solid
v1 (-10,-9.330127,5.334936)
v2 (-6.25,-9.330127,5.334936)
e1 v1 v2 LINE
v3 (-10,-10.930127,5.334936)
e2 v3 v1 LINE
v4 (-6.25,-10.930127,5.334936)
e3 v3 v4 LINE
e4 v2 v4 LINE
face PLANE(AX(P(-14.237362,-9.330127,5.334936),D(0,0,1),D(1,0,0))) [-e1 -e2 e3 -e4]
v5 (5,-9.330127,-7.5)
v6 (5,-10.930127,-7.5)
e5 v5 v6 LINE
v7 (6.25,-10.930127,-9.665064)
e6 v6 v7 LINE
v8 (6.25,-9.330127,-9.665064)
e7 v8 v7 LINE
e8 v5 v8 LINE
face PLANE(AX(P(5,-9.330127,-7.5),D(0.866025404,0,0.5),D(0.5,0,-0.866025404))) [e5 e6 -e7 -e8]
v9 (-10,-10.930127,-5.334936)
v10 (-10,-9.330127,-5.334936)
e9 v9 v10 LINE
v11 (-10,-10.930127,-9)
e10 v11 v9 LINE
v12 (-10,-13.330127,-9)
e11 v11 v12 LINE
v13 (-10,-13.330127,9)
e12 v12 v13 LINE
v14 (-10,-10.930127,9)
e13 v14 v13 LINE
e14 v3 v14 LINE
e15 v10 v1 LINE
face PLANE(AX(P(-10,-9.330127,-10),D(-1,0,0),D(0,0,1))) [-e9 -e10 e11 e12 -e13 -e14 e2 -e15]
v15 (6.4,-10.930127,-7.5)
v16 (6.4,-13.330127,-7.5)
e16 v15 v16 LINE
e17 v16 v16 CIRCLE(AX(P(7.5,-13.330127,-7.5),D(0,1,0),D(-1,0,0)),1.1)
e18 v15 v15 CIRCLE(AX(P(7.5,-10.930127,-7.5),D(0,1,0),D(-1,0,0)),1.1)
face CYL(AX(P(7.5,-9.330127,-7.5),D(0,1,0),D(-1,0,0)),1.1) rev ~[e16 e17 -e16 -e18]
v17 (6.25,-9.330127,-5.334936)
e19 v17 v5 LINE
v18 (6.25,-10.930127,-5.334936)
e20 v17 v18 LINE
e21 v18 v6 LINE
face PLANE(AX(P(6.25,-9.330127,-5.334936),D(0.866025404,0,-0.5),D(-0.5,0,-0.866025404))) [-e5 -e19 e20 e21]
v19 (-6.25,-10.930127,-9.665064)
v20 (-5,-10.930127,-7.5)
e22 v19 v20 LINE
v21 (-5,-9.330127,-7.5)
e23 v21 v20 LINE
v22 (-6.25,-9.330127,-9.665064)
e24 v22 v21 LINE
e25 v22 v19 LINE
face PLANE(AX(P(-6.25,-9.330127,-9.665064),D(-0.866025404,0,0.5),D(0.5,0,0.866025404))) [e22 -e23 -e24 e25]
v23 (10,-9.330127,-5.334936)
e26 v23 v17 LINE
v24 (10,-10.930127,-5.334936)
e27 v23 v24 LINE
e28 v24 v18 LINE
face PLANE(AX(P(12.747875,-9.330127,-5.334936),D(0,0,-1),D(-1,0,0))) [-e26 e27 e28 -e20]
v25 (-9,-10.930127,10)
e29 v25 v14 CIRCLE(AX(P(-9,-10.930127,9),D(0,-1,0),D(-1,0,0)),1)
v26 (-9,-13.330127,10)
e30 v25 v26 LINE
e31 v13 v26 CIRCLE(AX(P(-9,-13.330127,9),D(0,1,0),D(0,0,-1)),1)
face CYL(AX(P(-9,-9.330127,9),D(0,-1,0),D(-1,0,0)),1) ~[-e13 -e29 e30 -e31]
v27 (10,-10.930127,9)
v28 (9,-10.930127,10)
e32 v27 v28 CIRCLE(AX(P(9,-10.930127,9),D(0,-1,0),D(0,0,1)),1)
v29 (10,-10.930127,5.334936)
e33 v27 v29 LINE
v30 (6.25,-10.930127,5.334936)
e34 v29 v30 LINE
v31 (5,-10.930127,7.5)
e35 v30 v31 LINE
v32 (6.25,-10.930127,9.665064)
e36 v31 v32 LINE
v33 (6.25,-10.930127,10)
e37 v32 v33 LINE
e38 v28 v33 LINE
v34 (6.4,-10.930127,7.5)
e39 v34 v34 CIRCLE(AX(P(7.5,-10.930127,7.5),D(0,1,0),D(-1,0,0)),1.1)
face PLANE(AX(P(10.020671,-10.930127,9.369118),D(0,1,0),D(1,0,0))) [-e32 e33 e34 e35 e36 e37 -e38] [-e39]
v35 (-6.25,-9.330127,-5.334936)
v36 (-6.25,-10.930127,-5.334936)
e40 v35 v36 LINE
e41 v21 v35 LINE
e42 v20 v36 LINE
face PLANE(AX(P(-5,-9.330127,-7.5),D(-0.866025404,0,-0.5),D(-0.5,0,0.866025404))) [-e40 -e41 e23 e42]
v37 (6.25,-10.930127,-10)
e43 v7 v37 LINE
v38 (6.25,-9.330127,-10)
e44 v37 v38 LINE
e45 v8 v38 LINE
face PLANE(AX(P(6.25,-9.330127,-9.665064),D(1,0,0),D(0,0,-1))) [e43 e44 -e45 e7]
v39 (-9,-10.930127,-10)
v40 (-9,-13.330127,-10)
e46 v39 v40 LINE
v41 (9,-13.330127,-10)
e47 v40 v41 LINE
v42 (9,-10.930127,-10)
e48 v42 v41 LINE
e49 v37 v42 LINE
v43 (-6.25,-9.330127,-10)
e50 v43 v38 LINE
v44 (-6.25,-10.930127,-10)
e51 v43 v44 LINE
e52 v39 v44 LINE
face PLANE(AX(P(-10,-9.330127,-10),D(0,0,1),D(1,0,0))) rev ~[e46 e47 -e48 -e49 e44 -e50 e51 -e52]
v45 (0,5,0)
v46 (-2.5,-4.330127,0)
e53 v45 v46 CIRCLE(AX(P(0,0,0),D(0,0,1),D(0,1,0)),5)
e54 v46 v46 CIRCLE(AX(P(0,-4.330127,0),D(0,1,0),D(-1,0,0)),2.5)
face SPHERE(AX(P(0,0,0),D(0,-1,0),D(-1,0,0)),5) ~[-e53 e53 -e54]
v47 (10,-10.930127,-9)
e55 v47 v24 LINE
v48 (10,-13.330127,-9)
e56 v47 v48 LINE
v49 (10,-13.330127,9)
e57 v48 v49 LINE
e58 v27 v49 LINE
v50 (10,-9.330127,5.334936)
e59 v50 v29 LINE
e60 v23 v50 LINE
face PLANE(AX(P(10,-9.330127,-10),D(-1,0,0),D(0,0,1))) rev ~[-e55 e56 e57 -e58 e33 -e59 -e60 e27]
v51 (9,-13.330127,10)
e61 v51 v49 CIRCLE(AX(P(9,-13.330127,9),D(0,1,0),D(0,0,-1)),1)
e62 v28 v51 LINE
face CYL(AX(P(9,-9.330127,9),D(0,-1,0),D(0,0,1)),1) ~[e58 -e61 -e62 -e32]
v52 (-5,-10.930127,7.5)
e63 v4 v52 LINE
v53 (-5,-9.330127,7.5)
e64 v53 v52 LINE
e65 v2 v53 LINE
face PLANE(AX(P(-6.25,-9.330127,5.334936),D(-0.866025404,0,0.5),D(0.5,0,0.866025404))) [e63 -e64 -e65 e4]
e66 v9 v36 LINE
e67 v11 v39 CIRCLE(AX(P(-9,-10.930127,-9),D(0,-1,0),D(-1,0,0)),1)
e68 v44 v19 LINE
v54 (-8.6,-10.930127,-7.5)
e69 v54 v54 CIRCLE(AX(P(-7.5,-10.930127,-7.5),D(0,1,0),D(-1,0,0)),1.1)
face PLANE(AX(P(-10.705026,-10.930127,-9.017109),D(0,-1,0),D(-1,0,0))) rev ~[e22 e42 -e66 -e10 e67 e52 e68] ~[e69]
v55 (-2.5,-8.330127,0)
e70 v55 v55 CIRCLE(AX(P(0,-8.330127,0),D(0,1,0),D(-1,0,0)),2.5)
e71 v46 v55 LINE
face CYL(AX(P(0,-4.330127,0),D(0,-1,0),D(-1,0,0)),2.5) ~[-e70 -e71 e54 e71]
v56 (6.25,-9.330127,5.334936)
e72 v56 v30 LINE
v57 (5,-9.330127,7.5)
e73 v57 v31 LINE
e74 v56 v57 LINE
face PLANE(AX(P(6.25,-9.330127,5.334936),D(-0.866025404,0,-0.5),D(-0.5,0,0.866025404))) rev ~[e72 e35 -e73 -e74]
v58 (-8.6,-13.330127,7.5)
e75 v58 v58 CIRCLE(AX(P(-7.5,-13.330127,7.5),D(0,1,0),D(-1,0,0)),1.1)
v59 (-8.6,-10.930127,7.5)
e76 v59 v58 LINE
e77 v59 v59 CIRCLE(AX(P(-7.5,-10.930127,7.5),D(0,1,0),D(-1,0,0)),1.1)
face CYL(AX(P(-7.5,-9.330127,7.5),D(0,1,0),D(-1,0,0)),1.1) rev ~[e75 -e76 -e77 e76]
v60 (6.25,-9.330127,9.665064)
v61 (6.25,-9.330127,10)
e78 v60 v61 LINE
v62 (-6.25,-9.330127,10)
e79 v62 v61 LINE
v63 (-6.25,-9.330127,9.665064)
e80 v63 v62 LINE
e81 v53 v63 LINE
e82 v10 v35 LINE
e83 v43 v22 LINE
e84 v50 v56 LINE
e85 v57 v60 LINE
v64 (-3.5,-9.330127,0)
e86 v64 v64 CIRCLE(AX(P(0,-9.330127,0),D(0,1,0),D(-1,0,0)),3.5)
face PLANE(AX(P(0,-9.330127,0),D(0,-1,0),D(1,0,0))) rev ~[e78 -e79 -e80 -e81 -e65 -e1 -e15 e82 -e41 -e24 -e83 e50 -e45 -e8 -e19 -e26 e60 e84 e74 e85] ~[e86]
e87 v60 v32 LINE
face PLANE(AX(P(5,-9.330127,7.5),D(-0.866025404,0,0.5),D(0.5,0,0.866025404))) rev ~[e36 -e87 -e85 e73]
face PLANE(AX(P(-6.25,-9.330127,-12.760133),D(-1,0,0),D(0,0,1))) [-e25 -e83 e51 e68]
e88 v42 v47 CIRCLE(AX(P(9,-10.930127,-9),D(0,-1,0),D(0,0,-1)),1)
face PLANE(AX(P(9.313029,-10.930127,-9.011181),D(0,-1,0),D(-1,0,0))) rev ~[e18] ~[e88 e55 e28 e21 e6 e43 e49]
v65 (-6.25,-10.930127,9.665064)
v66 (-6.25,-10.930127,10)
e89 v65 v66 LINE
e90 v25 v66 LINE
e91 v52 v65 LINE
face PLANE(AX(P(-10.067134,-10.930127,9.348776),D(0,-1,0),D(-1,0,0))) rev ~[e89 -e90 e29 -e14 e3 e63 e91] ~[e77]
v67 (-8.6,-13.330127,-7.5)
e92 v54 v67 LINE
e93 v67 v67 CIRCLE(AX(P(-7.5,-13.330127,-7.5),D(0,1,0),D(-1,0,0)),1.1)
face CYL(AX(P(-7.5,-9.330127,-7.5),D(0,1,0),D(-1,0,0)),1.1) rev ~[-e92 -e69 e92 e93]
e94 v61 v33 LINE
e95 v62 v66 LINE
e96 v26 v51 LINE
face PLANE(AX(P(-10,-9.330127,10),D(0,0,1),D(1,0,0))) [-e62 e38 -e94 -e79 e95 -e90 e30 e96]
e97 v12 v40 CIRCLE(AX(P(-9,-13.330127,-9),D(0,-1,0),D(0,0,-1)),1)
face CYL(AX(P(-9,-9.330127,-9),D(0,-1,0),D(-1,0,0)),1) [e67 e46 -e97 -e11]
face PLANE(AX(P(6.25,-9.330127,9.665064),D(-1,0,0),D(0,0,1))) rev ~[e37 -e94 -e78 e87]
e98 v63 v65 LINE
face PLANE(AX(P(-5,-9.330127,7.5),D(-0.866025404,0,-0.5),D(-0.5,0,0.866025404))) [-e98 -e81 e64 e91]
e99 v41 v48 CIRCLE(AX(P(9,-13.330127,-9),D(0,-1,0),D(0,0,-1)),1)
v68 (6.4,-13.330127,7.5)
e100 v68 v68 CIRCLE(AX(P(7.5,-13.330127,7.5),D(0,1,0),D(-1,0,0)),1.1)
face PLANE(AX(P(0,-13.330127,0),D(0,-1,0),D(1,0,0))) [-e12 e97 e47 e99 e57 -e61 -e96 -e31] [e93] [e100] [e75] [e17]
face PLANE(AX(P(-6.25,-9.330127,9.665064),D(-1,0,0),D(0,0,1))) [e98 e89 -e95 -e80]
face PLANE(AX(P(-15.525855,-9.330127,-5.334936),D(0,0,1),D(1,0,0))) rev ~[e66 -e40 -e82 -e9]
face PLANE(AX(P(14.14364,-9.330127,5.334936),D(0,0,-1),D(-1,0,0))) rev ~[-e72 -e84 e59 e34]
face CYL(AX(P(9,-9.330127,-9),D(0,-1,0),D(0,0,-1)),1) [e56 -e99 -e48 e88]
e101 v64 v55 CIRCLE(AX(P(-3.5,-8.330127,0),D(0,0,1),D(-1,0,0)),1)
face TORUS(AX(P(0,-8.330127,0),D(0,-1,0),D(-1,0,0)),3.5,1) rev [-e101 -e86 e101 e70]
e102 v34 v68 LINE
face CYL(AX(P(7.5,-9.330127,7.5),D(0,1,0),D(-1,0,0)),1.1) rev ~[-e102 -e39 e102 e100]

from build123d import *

# Parameters (mm, degrees)
ESQUISSE2_W             = 20
ESQUISSE2_H             = 20
BOSS_EXTRU_1_DEPTH      = 4
ENL_V_MAT_EXTRU_1_REACH = 6
ESQUISSE3_R             = 1.1
CONG_1_R                = 1
ENL_V_MAT_EXTRU_2_DEPTH = 1.6


with BuildPart() as part:
    # Esquisse1 → Révolution1 (revolve)
    with BuildSketch(Plane.XY):
        with BuildLine():
            Line((-2.5, -4.330127019), (-2.5, -9.330127019))
            Line((-2.5, -9.330127019), (0, -9.330127019))
            Line((0, -9.330127019), (0, 5))
            ThreePointArc((0, 5), (-4.829629131, 1.294095226), (-2.5, -4.330127019))
        make_face()
    revolve(axis=Axis((0, -9.330127019, 0), (0, 1, 0)))

    # Esquisse2 → Boss.-Extru.1 (add)
    with BuildSketch(Plane.XZ.offset(9.330127019)):
        Rectangle(ESQUISSE2_W, ESQUISSE2_H)
    extrude(amount=BOSS_EXTRU_1_DEPTH)

    # Esquisse3 → Enlèv. mat.-Extru.1 (cut, up to next)
    with BuildSketch(Plane(origin=(0, -9.330127019, 0), x_dir=(1, 0, 0), z_dir=(0, 1, 0)), mode=Mode.PRIVATE) as enl_v_mat_extru_1_sk1:
        with Locations(Location((7.5, -7.5, 0), (0, 0, 180))):  # turned: the seam where the file's is
            Circle(ESQUISSE3_R)
    enl_v_mat_extru_1_tool1 = extrude(enl_v_mat_extru_1_sk1.sketch, amount=-ENL_V_MAT_EXTRU_1_REACH, mode=Mode.PRIVATE) & part.part
    add(enl_v_mat_extru_1_tool1.solids().sort_by_distance((7.5, -9.330127, 7.5))[0], mode=Mode.SUBTRACT)
    # Esquisse3 → Enlèv. mat.-Extru.1 (cut, up to next)
    with BuildSketch(Plane(origin=(0, -9.330127019, 0), x_dir=(1, 0, 0), z_dir=(0, 1, 0)), mode=Mode.PRIVATE) as enl_v_mat_extru_1_sk2:
        with Locations(Location((7.5, 7.5, 0), (0, 0, 180))):  # turned: the seam where the file's is
            Circle(ESQUISSE3_R)
    enl_v_mat_extru_1_tool2 = extrude(enl_v_mat_extru_1_sk2.sketch, amount=-ENL_V_MAT_EXTRU_1_REACH, mode=Mode.PRIVATE) & part.part
    add(enl_v_mat_extru_1_tool2.solids().sort_by_distance((7.5, -9.330127, -7.5))[0], mode=Mode.SUBTRACT)
    # Esquisse3 → Enlèv. mat.-Extru.1 (cut, up to next)
    with BuildSketch(Plane(origin=(0, -9.330127019, 0), x_dir=(1, 0, 0), z_dir=(0, 1, 0)), mode=Mode.PRIVATE) as enl_v_mat_extru_1_sk3:
        with Locations(Location((-7.5, 7.5, 0), (0, 0, 180))):  # turned: the seam where the file's is
            Circle(ESQUISSE3_R)
    enl_v_mat_extru_1_tool3 = extrude(enl_v_mat_extru_1_sk3.sketch, amount=-ENL_V_MAT_EXTRU_1_REACH, mode=Mode.PRIVATE) & part.part
    add(enl_v_mat_extru_1_tool3.solids().sort_by_distance((-7.5, -9.330127, -7.5))[0], mode=Mode.SUBTRACT)
    # Esquisse3 → Enlèv. mat.-Extru.1 (cut, up to next)
    with BuildSketch(Plane(origin=(0, -9.330127019, 0), x_dir=(1, 0, 0), z_dir=(0, 1, 0)), mode=Mode.PRIVATE) as enl_v_mat_extru_1_sk4:
        with Locations(Location((-7.5, -7.5, 0), (0, 0, 180))):  # turned: the seam where the file's is
            Circle(ESQUISSE3_R)
    enl_v_mat_extru_1_tool4 = extrude(enl_v_mat_extru_1_sk4.sketch, amount=-ENL_V_MAT_EXTRU_1_REACH, mode=Mode.PRIVATE) & part.part
    add(enl_v_mat_extru_1_tool4.solids().sort_by_distance((-7.5, -9.330127, 7.5))[0], mode=Mode.SUBTRACT)

    # Congé1
    cong_1_edges = [part.edges().sort_by_distance(p)[0] for p in [
        (-10, -11.330127019, -10),
        (10, -11.330127019, -10),
        (10, -11.330127019, 10),
        (2.5, -9.330127019, 0),
        (-10, -11.330127019, 10),
    ]]
    fillet(cong_1_edges, radius=CONG_1_R)

    # Esquisse4 → Enlèv. mat.-Extru.2 (cut)
    with BuildSketch(Plane(origin=(0, -9.330127019, 0), x_dir=(1, 0, 0), z_dir=(0, 1, 0))):
        Polygon((12.747875309, 12.760132689), (12.747875309, 5.334936491), (6.25, 5.334936491), (5, 7.5), (6.25, 9.665063509), (6.25, 12.760132689), align=None)
        Polygon((6.25, -13.48135855), (14.143640295, -13.48135855), (14.143640295, -5.334936491), (6.25, -5.334936491), (5, -7.5), (6.25, -9.665063509), align=None)
        Polygon((-14.237362356, -5.334936491), (-6.25, -5.334936491), (-5, -7.5), (-6.25, -9.665063509), (-6.25, -13.439575721), (-14.237362356, -13.439575721), align=None)
        Polygon((-6.25, 12.760132689), (-6.25, 9.665063509), (-5, 7.5), (-6.25, 5.334936491), (-8.75, 5.334936491), (-15.525855113, 5.334936491), (-15.525855113, 12.760132689), align=None)
    extrude(amount=-ENL_V_MAT_EXTRU_2_DEPTH, mode=Mode.SUBTRACT)


solid = part.part
